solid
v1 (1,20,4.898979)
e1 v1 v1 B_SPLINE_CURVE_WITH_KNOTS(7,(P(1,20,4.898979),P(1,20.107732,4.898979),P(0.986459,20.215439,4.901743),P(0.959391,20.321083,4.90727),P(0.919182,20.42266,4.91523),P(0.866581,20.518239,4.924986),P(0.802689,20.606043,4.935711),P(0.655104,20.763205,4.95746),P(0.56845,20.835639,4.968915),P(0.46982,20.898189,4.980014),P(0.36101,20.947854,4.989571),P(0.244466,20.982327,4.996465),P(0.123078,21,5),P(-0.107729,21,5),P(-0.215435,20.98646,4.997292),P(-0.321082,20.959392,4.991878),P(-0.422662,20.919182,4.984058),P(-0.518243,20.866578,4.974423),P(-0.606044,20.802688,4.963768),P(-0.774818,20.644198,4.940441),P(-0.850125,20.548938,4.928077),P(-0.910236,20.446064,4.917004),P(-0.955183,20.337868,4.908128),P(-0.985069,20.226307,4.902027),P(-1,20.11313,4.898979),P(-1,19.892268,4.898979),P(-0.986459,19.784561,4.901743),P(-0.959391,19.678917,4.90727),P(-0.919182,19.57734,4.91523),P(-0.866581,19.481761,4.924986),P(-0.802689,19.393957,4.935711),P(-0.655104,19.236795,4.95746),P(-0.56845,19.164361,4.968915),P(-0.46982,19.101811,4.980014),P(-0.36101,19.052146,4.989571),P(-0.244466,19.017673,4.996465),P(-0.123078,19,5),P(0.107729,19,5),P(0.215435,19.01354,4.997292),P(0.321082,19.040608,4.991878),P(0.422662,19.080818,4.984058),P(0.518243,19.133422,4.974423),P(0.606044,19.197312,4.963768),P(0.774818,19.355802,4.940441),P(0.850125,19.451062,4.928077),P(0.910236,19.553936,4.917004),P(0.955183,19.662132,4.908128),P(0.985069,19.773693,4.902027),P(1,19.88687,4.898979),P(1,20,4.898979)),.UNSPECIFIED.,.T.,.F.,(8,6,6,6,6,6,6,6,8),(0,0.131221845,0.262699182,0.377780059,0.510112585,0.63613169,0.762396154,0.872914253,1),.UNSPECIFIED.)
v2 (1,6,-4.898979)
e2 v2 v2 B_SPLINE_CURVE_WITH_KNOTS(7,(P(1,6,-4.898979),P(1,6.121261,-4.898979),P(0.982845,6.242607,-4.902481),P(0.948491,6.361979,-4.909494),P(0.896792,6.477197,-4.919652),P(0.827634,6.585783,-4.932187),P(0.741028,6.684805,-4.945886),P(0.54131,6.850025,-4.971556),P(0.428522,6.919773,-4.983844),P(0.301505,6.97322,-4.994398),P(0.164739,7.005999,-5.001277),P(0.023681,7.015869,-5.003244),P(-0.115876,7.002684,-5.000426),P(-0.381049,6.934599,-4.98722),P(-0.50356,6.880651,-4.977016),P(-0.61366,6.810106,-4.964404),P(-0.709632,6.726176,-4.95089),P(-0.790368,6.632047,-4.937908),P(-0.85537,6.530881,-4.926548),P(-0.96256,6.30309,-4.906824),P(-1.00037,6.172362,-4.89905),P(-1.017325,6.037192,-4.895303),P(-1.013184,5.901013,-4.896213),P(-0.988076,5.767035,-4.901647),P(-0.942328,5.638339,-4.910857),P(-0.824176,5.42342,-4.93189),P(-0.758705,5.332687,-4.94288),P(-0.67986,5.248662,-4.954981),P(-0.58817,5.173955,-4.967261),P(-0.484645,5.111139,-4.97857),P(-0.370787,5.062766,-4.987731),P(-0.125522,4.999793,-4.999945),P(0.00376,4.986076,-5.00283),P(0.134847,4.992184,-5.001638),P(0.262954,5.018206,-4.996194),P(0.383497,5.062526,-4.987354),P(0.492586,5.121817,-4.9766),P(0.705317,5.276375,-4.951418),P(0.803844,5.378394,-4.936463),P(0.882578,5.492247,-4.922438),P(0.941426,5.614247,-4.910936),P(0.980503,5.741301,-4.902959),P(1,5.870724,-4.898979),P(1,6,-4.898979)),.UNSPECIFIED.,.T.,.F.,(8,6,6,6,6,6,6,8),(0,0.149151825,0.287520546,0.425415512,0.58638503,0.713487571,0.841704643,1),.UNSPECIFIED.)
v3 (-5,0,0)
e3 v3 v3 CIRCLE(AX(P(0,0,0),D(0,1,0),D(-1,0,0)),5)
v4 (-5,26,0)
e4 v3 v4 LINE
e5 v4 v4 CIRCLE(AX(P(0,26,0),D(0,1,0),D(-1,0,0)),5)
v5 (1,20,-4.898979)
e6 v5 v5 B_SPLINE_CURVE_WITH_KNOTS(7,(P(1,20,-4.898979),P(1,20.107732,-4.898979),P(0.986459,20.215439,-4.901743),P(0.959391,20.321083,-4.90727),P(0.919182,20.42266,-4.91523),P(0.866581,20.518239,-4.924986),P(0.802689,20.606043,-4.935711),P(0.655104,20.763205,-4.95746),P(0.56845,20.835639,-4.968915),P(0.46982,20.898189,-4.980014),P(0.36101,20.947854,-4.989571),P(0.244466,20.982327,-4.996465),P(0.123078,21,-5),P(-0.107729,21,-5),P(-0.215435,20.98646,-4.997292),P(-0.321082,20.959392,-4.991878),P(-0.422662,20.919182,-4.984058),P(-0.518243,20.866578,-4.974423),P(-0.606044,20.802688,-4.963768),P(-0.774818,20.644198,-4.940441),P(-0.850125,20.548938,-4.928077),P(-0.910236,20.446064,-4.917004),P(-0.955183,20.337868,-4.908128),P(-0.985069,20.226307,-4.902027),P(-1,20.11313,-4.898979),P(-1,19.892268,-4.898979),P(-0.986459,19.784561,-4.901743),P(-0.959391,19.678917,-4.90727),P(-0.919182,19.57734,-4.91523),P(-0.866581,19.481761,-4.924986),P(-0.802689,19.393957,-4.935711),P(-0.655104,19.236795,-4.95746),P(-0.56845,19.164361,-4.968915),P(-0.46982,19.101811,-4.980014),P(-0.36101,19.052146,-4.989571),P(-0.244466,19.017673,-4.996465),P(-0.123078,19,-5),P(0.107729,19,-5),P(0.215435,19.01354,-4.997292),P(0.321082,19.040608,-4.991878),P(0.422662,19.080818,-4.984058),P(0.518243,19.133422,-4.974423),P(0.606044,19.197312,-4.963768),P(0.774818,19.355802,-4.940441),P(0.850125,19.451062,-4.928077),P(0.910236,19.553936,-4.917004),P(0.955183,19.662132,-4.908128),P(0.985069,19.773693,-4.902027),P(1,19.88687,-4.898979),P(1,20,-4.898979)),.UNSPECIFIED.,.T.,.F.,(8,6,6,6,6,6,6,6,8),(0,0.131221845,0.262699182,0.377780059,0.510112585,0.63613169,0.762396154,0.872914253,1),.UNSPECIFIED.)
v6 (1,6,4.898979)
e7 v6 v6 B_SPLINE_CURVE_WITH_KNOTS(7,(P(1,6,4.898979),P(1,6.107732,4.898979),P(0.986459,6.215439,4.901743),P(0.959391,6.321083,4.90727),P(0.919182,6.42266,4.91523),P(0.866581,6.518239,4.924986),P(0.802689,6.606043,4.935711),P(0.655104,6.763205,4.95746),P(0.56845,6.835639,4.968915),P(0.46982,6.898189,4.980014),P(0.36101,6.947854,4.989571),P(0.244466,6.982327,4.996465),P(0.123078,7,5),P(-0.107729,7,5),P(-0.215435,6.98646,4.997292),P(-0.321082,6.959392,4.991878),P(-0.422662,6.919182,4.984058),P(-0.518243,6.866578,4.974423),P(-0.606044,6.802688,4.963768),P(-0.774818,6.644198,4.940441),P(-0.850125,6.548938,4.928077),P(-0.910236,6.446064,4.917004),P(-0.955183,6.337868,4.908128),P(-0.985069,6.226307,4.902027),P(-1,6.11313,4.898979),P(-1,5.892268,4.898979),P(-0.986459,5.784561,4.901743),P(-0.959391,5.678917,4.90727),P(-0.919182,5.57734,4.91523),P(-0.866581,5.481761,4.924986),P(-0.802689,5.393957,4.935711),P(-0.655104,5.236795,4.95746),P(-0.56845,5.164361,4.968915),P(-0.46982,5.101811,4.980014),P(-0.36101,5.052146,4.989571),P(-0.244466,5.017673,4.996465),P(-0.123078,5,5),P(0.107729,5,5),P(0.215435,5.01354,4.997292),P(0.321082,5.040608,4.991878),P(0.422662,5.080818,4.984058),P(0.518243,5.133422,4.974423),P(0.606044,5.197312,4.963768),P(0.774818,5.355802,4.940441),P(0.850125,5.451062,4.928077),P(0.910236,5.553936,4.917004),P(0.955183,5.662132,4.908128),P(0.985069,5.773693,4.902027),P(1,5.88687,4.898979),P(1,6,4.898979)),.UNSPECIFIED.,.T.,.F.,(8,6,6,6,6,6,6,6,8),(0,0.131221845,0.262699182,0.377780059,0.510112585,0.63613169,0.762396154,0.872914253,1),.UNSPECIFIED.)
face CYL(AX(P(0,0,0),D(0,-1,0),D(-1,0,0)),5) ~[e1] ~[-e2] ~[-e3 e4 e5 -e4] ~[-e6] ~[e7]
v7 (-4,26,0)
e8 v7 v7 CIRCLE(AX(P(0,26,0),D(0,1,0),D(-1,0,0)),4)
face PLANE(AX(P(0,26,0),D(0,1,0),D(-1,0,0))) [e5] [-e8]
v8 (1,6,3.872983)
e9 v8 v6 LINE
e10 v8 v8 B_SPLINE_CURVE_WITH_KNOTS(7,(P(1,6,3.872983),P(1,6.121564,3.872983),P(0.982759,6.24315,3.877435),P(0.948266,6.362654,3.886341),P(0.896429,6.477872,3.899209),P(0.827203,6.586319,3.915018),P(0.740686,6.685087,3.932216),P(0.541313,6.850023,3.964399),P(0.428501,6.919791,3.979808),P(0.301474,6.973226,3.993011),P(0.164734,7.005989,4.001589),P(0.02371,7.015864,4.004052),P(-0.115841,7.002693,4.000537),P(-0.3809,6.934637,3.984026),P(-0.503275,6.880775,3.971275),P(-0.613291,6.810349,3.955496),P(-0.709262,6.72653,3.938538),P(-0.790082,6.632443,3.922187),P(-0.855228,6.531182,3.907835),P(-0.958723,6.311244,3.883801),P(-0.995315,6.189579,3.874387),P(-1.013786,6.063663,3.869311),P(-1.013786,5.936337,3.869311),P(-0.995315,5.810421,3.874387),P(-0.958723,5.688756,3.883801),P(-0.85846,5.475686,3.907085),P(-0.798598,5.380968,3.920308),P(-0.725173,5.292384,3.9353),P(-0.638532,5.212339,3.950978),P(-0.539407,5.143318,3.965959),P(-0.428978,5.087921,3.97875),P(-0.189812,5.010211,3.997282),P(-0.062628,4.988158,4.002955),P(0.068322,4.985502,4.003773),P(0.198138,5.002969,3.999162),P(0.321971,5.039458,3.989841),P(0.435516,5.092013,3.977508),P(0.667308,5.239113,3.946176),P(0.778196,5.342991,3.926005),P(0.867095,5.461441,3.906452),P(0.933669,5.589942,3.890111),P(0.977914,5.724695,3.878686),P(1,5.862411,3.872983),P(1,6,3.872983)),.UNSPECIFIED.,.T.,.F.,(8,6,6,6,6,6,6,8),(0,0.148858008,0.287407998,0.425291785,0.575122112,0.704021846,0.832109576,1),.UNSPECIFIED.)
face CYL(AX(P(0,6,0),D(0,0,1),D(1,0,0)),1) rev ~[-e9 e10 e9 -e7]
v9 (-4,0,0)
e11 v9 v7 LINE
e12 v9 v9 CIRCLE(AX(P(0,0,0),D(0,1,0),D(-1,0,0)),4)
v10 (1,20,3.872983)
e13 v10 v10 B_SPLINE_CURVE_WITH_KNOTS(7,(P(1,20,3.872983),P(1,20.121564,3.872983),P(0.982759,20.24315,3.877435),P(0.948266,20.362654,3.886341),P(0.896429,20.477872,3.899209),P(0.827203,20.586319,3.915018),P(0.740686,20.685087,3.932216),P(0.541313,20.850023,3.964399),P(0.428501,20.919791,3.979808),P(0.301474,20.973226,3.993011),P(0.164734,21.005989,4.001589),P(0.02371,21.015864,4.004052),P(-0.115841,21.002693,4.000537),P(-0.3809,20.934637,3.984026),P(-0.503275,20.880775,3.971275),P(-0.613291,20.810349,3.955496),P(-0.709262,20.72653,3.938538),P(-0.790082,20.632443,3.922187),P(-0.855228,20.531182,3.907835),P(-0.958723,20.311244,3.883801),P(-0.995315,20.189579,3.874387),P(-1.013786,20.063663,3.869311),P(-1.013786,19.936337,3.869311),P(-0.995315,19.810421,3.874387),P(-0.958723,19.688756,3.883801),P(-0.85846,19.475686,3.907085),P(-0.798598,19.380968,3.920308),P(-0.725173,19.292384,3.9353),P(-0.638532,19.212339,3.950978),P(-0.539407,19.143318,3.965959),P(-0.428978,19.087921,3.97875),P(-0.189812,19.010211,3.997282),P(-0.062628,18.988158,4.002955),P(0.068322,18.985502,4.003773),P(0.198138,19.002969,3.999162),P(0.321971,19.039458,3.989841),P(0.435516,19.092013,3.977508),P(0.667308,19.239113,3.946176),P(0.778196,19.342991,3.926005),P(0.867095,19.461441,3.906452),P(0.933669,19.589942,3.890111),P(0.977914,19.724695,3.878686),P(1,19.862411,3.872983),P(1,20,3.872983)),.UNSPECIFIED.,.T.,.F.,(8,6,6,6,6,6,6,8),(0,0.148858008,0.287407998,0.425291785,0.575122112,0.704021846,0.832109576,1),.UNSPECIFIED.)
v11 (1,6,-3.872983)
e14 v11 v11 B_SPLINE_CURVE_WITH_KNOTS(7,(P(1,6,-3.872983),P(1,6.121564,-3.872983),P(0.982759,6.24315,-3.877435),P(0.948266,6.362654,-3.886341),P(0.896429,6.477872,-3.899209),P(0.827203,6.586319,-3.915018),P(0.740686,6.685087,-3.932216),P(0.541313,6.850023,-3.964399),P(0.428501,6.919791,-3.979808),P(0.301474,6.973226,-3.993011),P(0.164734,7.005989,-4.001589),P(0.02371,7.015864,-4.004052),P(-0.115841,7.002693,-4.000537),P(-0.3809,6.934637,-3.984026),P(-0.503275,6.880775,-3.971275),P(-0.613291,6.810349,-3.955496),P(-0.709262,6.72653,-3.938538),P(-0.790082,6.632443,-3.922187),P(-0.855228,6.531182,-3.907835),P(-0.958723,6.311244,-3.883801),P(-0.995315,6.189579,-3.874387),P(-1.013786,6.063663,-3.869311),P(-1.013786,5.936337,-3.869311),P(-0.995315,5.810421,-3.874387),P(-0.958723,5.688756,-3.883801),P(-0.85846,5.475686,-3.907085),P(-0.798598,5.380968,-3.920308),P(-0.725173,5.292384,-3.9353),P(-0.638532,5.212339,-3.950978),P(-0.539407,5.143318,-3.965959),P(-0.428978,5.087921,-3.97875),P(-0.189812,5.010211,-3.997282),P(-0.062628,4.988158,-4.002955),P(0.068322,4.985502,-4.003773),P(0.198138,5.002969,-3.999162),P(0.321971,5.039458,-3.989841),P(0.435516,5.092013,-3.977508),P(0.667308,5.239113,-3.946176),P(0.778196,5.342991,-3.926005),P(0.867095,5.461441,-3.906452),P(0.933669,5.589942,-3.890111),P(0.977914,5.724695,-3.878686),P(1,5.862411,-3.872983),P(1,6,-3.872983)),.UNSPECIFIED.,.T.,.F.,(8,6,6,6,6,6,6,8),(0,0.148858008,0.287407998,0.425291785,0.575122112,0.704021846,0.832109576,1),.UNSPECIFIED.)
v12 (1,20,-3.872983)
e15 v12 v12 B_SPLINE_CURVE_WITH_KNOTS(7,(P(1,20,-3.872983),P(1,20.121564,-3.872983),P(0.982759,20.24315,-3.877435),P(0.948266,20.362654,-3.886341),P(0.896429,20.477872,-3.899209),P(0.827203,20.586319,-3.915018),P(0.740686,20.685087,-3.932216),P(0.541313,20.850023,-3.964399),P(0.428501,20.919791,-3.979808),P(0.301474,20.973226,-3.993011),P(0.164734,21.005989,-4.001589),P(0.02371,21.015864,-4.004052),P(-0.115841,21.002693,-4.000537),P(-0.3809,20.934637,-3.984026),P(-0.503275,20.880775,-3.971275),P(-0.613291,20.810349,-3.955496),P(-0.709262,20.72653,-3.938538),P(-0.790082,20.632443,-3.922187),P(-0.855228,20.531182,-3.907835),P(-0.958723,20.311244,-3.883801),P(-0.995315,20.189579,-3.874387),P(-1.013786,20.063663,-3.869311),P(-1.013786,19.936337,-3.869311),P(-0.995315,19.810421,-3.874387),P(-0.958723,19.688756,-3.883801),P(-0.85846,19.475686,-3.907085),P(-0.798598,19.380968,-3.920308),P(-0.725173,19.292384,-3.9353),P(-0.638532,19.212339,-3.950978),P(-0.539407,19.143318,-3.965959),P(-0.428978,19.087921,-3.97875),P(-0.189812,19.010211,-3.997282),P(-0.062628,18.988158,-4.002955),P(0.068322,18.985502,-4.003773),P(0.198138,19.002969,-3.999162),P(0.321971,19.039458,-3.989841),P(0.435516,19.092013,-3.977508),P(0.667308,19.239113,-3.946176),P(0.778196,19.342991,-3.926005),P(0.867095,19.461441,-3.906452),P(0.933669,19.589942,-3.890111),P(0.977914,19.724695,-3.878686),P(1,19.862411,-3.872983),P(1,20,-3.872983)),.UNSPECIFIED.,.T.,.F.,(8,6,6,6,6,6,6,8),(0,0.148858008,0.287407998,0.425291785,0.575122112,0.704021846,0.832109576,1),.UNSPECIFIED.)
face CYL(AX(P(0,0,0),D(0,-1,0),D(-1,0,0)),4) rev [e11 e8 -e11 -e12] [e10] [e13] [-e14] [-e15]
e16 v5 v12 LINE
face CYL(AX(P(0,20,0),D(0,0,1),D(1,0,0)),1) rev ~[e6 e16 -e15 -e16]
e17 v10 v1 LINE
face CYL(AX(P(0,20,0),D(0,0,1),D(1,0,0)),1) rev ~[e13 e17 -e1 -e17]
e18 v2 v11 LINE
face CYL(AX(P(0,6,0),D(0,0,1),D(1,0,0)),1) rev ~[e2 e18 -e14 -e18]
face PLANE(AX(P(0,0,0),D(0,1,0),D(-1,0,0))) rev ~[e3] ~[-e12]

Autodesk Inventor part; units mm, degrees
ref_plane "YZ Plane" through (0, 0, 0) normal (1, 0, 0) x (0, 1, 0)
ref_plane "XZ Plane" through (0, 0, 0) normal (0, 1, 0) x (-1, 0, 0)
ref_plane "XY Plane" through (0, 0, 0) normal (0, 0, 1) x (1, 0, 0)
sketch "Sketch9" plane through (0, 0, 0) normal (0, 1, 0) x (-1, 0, 0)
  circle A0 centre (0, 0) radius 4
  circle A1 centre (0, 0) radius 5
  dimension "d140" = 8
  dimension "d149" = 10
extrude "Extrusion10" add sketch "Sketch9" along normal blind 26
sketch "Sketch10" plane through (0, 0, 0) normal (0, 0, 1) x (1, 0, 0)
  line L0 (0, 0) -> (0, 6)
  circle A0 centre (0, 6) radius 1
  line L1 (-4, 26) -> (4, 26) projected
  line L2 (0, 26) -> (0, 20)
  circle A1 centre (0, 20) radius 1
  dimension "d143" = 6
  dimension "d144" = 2
  dimension "d145" = 6
  dimension "d146" = 2
extrude "Extrusion11" cut sketch "Sketch10" along normal mid plane 24
properties part number "airfoil"
